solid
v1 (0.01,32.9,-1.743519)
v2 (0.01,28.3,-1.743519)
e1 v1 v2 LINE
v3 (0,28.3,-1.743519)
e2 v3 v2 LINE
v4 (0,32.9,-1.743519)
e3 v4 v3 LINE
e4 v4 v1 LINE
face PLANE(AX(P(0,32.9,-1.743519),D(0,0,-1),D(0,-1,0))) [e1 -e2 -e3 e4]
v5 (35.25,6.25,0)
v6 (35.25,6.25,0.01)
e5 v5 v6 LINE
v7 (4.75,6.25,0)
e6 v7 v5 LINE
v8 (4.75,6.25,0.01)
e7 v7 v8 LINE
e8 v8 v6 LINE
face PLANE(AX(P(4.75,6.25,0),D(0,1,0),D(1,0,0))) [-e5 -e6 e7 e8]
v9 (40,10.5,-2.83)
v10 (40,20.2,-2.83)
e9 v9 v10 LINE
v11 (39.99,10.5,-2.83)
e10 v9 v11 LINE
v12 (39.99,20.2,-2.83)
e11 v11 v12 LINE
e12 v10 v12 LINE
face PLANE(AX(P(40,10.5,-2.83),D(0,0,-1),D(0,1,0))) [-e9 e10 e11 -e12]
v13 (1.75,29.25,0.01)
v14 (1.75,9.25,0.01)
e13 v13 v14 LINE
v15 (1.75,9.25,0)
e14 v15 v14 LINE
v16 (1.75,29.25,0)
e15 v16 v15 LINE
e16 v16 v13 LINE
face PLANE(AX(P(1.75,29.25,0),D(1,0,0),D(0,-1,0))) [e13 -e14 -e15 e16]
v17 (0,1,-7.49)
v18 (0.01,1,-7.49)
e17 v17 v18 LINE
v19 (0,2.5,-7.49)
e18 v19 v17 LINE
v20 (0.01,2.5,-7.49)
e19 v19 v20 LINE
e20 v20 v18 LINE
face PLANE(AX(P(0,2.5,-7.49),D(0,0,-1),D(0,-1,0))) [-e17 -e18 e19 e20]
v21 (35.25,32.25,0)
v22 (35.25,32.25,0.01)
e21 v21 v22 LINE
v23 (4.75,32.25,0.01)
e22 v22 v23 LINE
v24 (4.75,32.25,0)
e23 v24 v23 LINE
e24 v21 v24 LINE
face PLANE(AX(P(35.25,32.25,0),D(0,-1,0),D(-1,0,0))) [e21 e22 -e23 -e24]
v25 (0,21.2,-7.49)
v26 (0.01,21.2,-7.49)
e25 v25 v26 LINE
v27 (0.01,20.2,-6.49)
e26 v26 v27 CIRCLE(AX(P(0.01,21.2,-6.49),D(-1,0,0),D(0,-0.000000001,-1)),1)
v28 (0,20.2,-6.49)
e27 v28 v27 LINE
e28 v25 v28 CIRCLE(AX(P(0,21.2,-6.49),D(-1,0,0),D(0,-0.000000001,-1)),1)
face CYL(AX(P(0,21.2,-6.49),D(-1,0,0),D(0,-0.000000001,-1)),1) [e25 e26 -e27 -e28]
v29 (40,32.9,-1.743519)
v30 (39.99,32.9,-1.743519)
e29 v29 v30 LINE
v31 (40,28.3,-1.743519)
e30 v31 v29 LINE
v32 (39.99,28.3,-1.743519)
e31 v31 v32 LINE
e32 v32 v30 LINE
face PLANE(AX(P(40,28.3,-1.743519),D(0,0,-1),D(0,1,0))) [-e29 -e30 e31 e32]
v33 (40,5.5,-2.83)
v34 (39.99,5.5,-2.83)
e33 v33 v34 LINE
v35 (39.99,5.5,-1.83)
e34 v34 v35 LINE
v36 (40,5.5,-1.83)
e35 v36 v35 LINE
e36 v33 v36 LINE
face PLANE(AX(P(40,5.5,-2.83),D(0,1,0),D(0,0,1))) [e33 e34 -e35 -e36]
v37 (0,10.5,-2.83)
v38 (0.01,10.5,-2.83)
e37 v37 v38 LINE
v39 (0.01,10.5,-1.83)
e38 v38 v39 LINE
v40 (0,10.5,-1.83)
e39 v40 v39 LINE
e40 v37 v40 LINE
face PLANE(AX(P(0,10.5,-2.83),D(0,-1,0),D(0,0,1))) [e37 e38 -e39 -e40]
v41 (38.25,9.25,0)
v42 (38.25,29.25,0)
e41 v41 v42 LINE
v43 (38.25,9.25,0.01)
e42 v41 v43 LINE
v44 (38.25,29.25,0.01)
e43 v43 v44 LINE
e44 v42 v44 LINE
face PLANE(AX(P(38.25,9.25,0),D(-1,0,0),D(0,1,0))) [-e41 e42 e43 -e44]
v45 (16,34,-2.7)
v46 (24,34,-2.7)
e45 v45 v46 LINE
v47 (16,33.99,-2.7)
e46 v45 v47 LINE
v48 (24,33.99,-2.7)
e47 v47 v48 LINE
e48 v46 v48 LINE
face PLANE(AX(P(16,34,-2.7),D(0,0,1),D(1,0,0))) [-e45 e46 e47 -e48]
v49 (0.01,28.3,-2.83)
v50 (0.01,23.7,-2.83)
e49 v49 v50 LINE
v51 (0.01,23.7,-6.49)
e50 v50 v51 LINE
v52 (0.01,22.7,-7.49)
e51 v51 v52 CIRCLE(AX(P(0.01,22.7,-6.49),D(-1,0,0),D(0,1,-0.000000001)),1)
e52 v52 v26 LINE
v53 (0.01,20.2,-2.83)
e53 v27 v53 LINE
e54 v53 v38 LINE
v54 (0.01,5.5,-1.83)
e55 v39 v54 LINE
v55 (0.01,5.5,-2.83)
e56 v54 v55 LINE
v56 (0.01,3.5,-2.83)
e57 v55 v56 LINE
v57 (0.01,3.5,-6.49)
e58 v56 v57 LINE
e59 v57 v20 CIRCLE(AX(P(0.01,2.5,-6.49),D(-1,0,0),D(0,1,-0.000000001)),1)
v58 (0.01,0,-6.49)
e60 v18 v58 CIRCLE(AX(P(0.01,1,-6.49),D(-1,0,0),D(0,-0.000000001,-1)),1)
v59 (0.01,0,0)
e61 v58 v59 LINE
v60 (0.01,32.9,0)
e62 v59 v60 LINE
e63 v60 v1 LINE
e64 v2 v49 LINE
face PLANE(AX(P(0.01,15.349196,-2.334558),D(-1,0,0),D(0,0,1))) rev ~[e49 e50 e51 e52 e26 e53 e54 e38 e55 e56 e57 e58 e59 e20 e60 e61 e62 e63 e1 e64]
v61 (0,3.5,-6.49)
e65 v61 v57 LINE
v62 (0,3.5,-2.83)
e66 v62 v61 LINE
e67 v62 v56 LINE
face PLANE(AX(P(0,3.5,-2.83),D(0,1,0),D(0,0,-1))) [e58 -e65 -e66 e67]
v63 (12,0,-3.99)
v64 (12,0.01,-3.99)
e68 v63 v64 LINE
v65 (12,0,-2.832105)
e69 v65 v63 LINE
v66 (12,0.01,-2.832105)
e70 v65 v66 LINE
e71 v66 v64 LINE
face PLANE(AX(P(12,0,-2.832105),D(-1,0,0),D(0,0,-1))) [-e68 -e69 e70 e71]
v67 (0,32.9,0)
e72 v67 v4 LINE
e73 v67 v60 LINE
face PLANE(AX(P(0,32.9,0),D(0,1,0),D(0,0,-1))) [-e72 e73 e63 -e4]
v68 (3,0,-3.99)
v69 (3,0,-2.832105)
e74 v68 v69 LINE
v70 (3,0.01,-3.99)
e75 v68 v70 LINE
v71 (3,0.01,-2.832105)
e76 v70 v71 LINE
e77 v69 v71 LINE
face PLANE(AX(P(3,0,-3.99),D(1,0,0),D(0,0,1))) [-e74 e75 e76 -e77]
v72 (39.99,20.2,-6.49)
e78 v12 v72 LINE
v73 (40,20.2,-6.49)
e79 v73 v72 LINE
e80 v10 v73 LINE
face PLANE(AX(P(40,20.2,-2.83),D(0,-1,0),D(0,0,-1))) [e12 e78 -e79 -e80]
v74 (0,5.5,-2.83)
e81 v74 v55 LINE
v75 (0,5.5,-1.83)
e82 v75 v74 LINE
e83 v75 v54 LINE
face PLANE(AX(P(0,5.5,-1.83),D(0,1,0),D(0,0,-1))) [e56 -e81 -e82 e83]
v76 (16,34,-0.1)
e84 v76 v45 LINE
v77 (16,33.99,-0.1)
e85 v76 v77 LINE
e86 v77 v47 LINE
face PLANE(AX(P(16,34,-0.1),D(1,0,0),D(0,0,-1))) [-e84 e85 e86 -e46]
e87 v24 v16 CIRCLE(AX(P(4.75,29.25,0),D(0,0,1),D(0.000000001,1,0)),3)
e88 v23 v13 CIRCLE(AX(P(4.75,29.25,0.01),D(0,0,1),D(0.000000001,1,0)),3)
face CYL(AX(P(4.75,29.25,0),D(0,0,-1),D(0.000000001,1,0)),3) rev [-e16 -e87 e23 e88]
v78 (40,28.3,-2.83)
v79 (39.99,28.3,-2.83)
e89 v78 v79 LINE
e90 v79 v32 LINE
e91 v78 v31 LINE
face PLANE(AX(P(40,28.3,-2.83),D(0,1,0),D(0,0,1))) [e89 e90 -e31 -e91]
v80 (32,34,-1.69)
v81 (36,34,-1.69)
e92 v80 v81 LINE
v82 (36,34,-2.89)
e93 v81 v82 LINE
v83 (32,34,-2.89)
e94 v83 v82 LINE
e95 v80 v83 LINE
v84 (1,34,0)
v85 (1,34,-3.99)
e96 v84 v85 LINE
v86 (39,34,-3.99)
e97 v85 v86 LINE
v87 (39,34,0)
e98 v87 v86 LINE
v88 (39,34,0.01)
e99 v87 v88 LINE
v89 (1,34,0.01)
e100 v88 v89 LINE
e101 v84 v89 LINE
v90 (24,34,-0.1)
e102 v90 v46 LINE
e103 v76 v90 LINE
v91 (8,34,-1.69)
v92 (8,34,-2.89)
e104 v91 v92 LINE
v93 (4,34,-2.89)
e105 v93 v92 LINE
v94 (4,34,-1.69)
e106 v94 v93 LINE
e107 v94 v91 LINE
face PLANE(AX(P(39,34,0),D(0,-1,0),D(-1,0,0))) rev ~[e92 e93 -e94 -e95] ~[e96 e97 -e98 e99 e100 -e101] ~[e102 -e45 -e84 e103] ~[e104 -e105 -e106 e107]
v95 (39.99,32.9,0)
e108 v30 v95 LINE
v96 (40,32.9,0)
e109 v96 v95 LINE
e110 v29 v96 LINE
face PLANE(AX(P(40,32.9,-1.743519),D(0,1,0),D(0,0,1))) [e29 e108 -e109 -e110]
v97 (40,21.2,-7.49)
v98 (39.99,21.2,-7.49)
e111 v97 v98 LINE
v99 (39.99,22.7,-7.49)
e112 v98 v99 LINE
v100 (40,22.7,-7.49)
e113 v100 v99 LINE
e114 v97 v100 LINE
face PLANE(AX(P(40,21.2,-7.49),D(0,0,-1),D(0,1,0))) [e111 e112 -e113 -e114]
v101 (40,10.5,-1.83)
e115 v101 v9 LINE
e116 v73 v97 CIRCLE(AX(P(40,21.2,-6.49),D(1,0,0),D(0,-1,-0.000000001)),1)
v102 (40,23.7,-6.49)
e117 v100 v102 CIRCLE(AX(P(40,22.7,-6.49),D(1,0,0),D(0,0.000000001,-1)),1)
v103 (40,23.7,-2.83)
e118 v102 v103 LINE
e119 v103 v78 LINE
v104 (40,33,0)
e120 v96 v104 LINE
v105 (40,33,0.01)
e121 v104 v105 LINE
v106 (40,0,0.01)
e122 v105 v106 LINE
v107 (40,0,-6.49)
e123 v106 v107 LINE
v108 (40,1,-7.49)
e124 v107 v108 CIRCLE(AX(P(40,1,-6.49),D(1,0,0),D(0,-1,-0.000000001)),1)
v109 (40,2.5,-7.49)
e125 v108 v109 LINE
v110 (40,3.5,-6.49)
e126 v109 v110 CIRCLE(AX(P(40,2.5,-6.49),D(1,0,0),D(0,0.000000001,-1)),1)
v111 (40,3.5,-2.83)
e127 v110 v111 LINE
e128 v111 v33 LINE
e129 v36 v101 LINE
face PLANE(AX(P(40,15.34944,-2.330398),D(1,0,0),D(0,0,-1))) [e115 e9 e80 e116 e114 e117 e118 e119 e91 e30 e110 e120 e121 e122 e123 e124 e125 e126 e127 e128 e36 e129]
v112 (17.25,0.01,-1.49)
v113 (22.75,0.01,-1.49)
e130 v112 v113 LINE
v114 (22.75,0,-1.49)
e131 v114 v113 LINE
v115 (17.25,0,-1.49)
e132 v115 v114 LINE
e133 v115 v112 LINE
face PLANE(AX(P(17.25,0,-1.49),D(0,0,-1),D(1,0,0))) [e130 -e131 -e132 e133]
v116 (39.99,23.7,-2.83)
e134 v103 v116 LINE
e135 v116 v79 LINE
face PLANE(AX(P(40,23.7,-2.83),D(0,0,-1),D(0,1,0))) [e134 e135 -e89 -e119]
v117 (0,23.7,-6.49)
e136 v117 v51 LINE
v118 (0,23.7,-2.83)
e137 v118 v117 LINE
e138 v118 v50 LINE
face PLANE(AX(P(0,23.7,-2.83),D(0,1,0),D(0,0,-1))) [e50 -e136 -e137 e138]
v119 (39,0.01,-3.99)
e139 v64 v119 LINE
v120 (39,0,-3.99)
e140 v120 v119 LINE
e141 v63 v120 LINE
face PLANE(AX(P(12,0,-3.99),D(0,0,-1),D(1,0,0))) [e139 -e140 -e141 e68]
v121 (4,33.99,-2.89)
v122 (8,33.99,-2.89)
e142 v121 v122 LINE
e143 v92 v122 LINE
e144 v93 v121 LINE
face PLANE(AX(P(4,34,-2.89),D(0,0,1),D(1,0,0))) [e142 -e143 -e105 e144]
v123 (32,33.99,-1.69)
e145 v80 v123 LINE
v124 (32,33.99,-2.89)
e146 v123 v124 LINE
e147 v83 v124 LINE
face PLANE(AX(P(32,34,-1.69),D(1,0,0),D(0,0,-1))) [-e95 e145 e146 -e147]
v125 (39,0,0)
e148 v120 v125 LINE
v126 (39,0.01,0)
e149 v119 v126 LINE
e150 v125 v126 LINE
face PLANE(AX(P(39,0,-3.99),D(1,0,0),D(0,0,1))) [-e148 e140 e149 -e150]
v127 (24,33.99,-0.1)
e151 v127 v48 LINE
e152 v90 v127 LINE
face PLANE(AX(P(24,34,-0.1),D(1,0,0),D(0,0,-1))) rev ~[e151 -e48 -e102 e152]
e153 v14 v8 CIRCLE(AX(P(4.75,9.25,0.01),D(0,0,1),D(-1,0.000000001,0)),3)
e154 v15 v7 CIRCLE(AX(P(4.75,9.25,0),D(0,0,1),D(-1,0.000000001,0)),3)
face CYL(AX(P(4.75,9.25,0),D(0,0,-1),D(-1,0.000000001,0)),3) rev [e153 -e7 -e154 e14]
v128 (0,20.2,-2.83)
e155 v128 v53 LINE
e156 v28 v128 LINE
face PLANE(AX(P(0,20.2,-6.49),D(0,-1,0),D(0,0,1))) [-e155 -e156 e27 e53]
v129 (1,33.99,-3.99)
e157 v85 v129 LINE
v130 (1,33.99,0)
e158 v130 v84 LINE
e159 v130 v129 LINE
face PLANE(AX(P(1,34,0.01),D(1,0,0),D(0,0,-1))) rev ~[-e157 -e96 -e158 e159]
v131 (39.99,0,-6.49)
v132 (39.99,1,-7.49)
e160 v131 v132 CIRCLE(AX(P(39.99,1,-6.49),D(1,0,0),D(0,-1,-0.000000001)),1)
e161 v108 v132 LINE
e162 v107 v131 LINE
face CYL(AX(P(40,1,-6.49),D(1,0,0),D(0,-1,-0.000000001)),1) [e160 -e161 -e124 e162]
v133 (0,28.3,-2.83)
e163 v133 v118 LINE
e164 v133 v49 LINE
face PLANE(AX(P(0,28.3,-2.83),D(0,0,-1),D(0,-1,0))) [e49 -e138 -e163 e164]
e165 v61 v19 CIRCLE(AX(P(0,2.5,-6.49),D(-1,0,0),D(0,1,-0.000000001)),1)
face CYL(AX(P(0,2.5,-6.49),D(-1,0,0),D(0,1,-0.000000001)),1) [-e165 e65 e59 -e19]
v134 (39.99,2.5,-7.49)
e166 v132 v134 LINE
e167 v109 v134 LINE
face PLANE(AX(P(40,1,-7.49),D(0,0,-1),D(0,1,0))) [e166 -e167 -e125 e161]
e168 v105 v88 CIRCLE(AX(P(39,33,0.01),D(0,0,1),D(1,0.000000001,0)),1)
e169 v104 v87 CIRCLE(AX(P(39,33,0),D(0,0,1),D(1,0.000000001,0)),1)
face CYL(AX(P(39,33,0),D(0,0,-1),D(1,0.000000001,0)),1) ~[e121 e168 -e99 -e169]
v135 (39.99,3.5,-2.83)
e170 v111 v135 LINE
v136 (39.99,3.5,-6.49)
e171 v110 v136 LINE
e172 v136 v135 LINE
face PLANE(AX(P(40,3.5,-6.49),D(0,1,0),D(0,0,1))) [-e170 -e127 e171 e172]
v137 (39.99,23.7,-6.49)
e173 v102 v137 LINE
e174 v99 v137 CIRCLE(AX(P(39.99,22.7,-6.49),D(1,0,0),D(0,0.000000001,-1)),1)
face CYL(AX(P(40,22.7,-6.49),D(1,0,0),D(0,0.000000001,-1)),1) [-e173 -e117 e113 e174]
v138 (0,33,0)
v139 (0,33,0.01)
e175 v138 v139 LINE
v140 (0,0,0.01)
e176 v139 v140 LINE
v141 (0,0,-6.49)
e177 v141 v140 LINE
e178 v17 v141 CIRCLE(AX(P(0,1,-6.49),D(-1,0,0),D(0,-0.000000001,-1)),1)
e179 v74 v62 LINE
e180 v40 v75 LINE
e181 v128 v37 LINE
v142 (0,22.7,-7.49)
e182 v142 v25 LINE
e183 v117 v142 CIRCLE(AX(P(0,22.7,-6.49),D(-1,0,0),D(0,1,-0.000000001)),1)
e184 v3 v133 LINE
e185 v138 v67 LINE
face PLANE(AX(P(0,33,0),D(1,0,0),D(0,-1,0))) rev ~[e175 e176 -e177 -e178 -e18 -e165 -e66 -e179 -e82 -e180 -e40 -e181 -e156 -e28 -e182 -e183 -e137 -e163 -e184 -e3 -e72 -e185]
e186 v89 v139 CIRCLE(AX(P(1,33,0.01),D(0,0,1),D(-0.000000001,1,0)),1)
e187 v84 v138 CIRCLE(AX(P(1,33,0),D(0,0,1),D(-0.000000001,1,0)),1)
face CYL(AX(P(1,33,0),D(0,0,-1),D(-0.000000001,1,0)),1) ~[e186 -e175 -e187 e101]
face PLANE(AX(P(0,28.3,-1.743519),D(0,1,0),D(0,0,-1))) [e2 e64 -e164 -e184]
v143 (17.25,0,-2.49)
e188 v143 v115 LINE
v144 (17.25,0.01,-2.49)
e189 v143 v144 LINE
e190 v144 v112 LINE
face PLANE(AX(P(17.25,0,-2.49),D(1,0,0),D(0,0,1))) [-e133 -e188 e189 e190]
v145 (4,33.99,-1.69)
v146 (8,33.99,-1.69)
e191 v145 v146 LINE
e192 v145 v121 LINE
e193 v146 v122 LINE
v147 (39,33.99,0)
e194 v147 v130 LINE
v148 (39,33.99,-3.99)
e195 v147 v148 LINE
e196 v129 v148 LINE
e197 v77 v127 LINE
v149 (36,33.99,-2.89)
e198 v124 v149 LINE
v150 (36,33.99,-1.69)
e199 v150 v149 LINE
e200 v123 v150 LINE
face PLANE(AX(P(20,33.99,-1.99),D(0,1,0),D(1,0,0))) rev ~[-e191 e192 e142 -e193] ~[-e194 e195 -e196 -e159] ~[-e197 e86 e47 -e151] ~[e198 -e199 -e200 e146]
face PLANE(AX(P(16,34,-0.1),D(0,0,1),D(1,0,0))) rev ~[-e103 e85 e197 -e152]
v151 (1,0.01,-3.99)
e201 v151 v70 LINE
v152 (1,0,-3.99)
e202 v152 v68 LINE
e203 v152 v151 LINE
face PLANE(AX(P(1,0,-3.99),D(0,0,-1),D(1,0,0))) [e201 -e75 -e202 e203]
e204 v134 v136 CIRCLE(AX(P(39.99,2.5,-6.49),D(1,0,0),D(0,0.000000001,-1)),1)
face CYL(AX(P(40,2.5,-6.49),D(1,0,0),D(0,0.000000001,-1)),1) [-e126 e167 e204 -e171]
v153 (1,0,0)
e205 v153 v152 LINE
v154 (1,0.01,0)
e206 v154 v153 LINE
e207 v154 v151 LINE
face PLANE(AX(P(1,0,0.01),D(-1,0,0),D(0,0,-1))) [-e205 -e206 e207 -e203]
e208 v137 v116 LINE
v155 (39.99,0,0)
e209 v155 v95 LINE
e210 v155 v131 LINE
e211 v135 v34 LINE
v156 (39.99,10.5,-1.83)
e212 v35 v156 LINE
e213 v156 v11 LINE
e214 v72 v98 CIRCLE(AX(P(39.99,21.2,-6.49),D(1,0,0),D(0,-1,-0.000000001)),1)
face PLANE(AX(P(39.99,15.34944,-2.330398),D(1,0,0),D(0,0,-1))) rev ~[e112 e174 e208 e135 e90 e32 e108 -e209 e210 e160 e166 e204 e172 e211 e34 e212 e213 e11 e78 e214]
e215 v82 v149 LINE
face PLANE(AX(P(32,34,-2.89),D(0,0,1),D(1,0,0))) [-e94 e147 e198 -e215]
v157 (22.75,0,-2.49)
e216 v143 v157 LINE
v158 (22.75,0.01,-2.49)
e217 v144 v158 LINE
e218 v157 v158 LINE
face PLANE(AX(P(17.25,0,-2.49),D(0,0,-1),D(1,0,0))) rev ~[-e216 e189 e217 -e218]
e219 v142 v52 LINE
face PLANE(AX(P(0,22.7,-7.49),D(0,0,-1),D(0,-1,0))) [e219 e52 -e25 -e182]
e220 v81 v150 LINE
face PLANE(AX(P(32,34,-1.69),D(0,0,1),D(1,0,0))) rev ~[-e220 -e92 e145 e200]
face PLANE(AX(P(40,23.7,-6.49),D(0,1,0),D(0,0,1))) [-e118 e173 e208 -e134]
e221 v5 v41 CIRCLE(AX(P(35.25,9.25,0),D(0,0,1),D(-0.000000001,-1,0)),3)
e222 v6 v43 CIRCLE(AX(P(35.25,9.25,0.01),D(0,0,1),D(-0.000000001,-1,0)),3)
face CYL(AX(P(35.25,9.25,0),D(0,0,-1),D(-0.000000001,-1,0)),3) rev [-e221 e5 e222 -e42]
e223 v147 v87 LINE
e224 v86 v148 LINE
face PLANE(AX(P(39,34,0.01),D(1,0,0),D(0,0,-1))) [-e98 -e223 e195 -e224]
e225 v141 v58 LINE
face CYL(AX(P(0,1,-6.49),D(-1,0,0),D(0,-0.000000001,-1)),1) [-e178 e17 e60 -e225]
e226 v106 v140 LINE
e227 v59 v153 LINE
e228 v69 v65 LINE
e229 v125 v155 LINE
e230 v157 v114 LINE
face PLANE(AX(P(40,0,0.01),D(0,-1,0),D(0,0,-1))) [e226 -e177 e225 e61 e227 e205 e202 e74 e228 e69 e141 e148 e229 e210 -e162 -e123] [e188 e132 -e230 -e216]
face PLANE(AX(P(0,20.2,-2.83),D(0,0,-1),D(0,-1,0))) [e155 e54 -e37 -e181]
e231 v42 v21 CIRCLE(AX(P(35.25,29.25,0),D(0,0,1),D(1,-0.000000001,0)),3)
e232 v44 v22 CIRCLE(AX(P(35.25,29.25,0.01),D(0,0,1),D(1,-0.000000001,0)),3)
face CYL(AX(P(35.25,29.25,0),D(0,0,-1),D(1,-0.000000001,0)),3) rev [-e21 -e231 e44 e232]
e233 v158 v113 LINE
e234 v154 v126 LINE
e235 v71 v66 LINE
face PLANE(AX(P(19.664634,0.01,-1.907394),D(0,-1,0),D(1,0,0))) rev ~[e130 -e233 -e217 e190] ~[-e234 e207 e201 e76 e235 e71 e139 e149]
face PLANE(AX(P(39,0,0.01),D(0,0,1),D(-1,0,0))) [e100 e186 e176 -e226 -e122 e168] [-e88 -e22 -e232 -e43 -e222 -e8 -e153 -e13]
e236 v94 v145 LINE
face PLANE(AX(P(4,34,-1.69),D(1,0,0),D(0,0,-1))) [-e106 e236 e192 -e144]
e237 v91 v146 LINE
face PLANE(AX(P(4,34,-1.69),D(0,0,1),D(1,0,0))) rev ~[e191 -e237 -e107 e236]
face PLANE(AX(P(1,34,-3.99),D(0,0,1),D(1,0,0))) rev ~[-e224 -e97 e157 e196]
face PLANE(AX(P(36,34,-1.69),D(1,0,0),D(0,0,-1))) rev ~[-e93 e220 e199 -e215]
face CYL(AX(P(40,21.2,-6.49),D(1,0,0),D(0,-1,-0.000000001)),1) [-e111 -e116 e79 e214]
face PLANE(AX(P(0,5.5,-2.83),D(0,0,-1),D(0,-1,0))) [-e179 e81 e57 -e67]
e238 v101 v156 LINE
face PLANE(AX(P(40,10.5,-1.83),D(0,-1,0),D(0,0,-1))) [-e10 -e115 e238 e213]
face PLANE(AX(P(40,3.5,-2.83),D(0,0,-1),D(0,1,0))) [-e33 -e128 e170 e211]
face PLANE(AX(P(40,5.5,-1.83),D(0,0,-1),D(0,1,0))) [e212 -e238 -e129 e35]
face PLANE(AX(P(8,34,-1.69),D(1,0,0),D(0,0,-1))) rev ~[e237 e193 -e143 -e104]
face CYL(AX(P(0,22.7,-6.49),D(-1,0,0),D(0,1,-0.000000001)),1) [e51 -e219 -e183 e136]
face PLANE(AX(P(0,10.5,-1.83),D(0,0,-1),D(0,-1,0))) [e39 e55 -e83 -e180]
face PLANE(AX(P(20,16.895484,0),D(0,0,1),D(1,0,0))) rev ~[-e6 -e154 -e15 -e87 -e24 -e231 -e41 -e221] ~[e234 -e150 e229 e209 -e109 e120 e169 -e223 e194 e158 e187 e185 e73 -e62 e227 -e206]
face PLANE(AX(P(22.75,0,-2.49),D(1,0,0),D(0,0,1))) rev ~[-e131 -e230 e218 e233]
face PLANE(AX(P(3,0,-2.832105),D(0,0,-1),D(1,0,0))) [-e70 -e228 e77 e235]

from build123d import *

# Parameters (mm, degrees)
RESSALTO_EXTRUS_O1_DEPTH = 0.01
ESBO_O2_W                = 5.5
ESBO_O2_H                = 1
RESSALTO_EXTRUS_O2_DEPTH = 0.01
RESSALTO_EXTRUS_O3_DEPTH = 0.01
RESSALTO_EXTRUS_O6_DEPTH = 0.01
ESBO_O5_W                = 38
ESBO_O5_H                = 4
ESBO_O5_W_2              = 8
ESBO_O5_H_2              = 2.6
ESBO_O5_W_3              = 4
ESBO_O5_H_3              = 1.2
RESSALTO_EXTRUS_O8_DEPTH = 0.01


with BuildPart() as part:
    # Esboço1 → Ressalto-extrusão1 (new body)
    with BuildSketch(Plane.XY):
        with BuildLine():
            Line((0, 0), (40, 0))
            Line((40, 0), (40, 33))
            ThreePointArc((40, 33), (39.707106781, 33.707106781), (39, 34))
            Line((39, 34), (1, 34))
            ThreePointArc((1, 34), (0.292893219, 33.707106781), (0, 33))
            Line((0, 33), (0, 0))
        make_face()
        with BuildLine():
            Line((4.75, 6.25), (35.25, 6.25))
            ThreePointArc((35.25, 6.25), (37.371320344, 7.128679656), (38.25, 9.25))
            Line((38.25, 9.25), (38.25, 29.25))
            ThreePointArc((38.25, 29.25), (37.371320344, 31.371320344), (35.25, 32.25))
            Line((35.25, 32.25), (4.75, 32.25))
            ThreePointArc((4.75, 32.25), (2.628679656, 31.371320344), (1.75, 29.25))
            Line((1.75, 29.25), (1.75, 9.25))
            ThreePointArc((1.75, 9.25), (2.628679656, 7.128679656), (4.75, 6.25))
        make_face(mode=Mode.SUBTRACT)
    extrude(amount=RESSALTO_EXTRUS_O1_DEPTH)

    # Esboço2 → Ressalto-extrusão2 (add)
    with BuildSketch(Plane.XZ):
        Polygon((1, -3.99), (3, -3.99), (3, -2.832105263), (12, -2.832105263), (12, -3.99), (39, -3.99), (39, 0.01), (1, 0.01), align=None)
        with Locations((20, -1.99)):
            Rectangle(ESBO_O2_W, ESBO_O2_H, mode=Mode.SUBTRACT)
    extrude(amount=-RESSALTO_EXTRUS_O2_DEPTH)

    # Esboço3 → Ressalto-extrusão3 (add)
    with BuildSketch(Plane(origin=(40, 0, 0), x_dir=(0, 0, -1), z_dir=(1, 0, 0))):
        with BuildLine():
            Line((4.5527289, 3.5), (2.83, 3.5))
            Line((2.83, 3.5), (2.83, 5.5))
            Line((2.83, 5.5), (1.83, 5.5))
            Line((1.83, 5.5), (1.83, 10.5))
            Line((1.83, 10.5), (2.83, 10.5))
            Line((2.83, 10.5), (2.83, 20.2))
            Line((2.83, 20.2), (6.49, 20.2))
            ThreePointArc((6.49, 20.2), (7.197106781, 20.492893219), (7.49, 21.2))
            Line((7.49, 21.2), (7.49, 22.7))
            ThreePointArc((7.49, 22.7), (7.197106781, 23.407106781), (6.49, 23.7))
            Line((6.49, 23.7), (2.83, 23.7))
            Line((2.83, 23.7), (2.83, 28.3))
            Line((2.83, 28.3), (1.743518889, 28.3))
            Line((1.743518889, 28.3), (1.743518889, 32.9))
            Line((1.743518889, 32.9), (-0.01, 32.9))
            Line((-0.01, 32.9), (-0.01, 0))
            Line((-0.01, 0), (3.99, 0))
            Line((3.99, 0), (6.49, 0))
            ThreePointArc((6.49, 0), (7.197106781, 0.292893219), (7.49, 1))
            Line((7.49, 1), (7.49, 2.5))
            ThreePointArc((7.49, 2.5), (7.197106781, 3.207106781), (6.49, 3.5))
            Line((6.49, 3.5), (4.5527289, 3.5))
        make_face()
    extrude(amount=-RESSALTO_EXTRUS_O3_DEPTH)

    # Esboço5 → Ressalto-extrusão8 (add)
    with BuildSketch(Plane(origin=(0, 34, 0), x_dir=(1, 0, 0), z_dir=(0, 1, 0))):
        with Locations((20, 1.99)):
            Rectangle(ESBO_O5_W, ESBO_O5_H)
        with Locations((20, 1.4)):
            Rectangle(ESBO_O5_W_2, ESBO_O5_H_2, mode=Mode.SUBTRACT)
        with Locations((34, 2.29)):
            Rectangle(ESBO_O5_W_3, ESBO_O5_H_3, mode=Mode.SUBTRACT)
        with Locations((6, 2.29)):
            Rectangle(ESBO_O5_W_3, ESBO_O5_H_3, mode=Mode.SUBTRACT)
    extrude(amount=-RESSALTO_EXTRUS_O8_DEPTH)


with BuildPart() as body_2:
    # Esboço4 → Ressalto-extrusão6 (new body)
    with BuildSketch(Plane.ZY):
        with BuildLine():
            Line((-6.49, 0), (0, 0))
            Line((0, 0), (0, 32.9))
            Line((0, 32.9), (-1.743518889, 32.9))
            Line((-1.743518889, 32.9), (-1.743518889, 28.3))
            Line((-1.743518889, 28.3), (-2.83, 28.3))
            Line((-2.83, 28.3), (-2.83, 23.7))
            Line((-2.83, 23.7), (-6.49, 23.7))
            ThreePointArc((-6.49, 23.7), (-7.197106781, 23.407106781), (-7.49, 22.7))
            Line((-7.49, 22.7), (-7.49, 21.2))
            ThreePointArc((-7.49, 21.2), (-7.197106781, 20.492893219), (-6.49, 20.2))
            Line((-6.49, 20.2), (-2.83, 20.2))
            Line((-2.83, 20.2), (-2.83, 10.5))
            Line((-2.83, 10.5), (-1.83, 10.5))
            Line((-1.83, 10.5), (-1.83, 5.5))
            Line((-1.83, 5.5), (-2.83, 5.5))
            Line((-2.83, 5.5), (-2.83, 3.5))
            Line((-2.83, 3.5), (-6.49, 3.5))
            ThreePointArc((-6.49, 3.5), (-7.197106781, 3.207106781), (-7.49, 2.5))
            Line((-7.49, 2.5), (-7.49, 1))
            ThreePointArc((-7.49, 1), (-7.197106781, 0.292893219), (-6.49, 0))
        make_face()
    extrude(amount=-RESSALTO_EXTRUS_O6_DEPTH)

    # Combinar2: union part
    add(part.part)


solid = body_2.part
